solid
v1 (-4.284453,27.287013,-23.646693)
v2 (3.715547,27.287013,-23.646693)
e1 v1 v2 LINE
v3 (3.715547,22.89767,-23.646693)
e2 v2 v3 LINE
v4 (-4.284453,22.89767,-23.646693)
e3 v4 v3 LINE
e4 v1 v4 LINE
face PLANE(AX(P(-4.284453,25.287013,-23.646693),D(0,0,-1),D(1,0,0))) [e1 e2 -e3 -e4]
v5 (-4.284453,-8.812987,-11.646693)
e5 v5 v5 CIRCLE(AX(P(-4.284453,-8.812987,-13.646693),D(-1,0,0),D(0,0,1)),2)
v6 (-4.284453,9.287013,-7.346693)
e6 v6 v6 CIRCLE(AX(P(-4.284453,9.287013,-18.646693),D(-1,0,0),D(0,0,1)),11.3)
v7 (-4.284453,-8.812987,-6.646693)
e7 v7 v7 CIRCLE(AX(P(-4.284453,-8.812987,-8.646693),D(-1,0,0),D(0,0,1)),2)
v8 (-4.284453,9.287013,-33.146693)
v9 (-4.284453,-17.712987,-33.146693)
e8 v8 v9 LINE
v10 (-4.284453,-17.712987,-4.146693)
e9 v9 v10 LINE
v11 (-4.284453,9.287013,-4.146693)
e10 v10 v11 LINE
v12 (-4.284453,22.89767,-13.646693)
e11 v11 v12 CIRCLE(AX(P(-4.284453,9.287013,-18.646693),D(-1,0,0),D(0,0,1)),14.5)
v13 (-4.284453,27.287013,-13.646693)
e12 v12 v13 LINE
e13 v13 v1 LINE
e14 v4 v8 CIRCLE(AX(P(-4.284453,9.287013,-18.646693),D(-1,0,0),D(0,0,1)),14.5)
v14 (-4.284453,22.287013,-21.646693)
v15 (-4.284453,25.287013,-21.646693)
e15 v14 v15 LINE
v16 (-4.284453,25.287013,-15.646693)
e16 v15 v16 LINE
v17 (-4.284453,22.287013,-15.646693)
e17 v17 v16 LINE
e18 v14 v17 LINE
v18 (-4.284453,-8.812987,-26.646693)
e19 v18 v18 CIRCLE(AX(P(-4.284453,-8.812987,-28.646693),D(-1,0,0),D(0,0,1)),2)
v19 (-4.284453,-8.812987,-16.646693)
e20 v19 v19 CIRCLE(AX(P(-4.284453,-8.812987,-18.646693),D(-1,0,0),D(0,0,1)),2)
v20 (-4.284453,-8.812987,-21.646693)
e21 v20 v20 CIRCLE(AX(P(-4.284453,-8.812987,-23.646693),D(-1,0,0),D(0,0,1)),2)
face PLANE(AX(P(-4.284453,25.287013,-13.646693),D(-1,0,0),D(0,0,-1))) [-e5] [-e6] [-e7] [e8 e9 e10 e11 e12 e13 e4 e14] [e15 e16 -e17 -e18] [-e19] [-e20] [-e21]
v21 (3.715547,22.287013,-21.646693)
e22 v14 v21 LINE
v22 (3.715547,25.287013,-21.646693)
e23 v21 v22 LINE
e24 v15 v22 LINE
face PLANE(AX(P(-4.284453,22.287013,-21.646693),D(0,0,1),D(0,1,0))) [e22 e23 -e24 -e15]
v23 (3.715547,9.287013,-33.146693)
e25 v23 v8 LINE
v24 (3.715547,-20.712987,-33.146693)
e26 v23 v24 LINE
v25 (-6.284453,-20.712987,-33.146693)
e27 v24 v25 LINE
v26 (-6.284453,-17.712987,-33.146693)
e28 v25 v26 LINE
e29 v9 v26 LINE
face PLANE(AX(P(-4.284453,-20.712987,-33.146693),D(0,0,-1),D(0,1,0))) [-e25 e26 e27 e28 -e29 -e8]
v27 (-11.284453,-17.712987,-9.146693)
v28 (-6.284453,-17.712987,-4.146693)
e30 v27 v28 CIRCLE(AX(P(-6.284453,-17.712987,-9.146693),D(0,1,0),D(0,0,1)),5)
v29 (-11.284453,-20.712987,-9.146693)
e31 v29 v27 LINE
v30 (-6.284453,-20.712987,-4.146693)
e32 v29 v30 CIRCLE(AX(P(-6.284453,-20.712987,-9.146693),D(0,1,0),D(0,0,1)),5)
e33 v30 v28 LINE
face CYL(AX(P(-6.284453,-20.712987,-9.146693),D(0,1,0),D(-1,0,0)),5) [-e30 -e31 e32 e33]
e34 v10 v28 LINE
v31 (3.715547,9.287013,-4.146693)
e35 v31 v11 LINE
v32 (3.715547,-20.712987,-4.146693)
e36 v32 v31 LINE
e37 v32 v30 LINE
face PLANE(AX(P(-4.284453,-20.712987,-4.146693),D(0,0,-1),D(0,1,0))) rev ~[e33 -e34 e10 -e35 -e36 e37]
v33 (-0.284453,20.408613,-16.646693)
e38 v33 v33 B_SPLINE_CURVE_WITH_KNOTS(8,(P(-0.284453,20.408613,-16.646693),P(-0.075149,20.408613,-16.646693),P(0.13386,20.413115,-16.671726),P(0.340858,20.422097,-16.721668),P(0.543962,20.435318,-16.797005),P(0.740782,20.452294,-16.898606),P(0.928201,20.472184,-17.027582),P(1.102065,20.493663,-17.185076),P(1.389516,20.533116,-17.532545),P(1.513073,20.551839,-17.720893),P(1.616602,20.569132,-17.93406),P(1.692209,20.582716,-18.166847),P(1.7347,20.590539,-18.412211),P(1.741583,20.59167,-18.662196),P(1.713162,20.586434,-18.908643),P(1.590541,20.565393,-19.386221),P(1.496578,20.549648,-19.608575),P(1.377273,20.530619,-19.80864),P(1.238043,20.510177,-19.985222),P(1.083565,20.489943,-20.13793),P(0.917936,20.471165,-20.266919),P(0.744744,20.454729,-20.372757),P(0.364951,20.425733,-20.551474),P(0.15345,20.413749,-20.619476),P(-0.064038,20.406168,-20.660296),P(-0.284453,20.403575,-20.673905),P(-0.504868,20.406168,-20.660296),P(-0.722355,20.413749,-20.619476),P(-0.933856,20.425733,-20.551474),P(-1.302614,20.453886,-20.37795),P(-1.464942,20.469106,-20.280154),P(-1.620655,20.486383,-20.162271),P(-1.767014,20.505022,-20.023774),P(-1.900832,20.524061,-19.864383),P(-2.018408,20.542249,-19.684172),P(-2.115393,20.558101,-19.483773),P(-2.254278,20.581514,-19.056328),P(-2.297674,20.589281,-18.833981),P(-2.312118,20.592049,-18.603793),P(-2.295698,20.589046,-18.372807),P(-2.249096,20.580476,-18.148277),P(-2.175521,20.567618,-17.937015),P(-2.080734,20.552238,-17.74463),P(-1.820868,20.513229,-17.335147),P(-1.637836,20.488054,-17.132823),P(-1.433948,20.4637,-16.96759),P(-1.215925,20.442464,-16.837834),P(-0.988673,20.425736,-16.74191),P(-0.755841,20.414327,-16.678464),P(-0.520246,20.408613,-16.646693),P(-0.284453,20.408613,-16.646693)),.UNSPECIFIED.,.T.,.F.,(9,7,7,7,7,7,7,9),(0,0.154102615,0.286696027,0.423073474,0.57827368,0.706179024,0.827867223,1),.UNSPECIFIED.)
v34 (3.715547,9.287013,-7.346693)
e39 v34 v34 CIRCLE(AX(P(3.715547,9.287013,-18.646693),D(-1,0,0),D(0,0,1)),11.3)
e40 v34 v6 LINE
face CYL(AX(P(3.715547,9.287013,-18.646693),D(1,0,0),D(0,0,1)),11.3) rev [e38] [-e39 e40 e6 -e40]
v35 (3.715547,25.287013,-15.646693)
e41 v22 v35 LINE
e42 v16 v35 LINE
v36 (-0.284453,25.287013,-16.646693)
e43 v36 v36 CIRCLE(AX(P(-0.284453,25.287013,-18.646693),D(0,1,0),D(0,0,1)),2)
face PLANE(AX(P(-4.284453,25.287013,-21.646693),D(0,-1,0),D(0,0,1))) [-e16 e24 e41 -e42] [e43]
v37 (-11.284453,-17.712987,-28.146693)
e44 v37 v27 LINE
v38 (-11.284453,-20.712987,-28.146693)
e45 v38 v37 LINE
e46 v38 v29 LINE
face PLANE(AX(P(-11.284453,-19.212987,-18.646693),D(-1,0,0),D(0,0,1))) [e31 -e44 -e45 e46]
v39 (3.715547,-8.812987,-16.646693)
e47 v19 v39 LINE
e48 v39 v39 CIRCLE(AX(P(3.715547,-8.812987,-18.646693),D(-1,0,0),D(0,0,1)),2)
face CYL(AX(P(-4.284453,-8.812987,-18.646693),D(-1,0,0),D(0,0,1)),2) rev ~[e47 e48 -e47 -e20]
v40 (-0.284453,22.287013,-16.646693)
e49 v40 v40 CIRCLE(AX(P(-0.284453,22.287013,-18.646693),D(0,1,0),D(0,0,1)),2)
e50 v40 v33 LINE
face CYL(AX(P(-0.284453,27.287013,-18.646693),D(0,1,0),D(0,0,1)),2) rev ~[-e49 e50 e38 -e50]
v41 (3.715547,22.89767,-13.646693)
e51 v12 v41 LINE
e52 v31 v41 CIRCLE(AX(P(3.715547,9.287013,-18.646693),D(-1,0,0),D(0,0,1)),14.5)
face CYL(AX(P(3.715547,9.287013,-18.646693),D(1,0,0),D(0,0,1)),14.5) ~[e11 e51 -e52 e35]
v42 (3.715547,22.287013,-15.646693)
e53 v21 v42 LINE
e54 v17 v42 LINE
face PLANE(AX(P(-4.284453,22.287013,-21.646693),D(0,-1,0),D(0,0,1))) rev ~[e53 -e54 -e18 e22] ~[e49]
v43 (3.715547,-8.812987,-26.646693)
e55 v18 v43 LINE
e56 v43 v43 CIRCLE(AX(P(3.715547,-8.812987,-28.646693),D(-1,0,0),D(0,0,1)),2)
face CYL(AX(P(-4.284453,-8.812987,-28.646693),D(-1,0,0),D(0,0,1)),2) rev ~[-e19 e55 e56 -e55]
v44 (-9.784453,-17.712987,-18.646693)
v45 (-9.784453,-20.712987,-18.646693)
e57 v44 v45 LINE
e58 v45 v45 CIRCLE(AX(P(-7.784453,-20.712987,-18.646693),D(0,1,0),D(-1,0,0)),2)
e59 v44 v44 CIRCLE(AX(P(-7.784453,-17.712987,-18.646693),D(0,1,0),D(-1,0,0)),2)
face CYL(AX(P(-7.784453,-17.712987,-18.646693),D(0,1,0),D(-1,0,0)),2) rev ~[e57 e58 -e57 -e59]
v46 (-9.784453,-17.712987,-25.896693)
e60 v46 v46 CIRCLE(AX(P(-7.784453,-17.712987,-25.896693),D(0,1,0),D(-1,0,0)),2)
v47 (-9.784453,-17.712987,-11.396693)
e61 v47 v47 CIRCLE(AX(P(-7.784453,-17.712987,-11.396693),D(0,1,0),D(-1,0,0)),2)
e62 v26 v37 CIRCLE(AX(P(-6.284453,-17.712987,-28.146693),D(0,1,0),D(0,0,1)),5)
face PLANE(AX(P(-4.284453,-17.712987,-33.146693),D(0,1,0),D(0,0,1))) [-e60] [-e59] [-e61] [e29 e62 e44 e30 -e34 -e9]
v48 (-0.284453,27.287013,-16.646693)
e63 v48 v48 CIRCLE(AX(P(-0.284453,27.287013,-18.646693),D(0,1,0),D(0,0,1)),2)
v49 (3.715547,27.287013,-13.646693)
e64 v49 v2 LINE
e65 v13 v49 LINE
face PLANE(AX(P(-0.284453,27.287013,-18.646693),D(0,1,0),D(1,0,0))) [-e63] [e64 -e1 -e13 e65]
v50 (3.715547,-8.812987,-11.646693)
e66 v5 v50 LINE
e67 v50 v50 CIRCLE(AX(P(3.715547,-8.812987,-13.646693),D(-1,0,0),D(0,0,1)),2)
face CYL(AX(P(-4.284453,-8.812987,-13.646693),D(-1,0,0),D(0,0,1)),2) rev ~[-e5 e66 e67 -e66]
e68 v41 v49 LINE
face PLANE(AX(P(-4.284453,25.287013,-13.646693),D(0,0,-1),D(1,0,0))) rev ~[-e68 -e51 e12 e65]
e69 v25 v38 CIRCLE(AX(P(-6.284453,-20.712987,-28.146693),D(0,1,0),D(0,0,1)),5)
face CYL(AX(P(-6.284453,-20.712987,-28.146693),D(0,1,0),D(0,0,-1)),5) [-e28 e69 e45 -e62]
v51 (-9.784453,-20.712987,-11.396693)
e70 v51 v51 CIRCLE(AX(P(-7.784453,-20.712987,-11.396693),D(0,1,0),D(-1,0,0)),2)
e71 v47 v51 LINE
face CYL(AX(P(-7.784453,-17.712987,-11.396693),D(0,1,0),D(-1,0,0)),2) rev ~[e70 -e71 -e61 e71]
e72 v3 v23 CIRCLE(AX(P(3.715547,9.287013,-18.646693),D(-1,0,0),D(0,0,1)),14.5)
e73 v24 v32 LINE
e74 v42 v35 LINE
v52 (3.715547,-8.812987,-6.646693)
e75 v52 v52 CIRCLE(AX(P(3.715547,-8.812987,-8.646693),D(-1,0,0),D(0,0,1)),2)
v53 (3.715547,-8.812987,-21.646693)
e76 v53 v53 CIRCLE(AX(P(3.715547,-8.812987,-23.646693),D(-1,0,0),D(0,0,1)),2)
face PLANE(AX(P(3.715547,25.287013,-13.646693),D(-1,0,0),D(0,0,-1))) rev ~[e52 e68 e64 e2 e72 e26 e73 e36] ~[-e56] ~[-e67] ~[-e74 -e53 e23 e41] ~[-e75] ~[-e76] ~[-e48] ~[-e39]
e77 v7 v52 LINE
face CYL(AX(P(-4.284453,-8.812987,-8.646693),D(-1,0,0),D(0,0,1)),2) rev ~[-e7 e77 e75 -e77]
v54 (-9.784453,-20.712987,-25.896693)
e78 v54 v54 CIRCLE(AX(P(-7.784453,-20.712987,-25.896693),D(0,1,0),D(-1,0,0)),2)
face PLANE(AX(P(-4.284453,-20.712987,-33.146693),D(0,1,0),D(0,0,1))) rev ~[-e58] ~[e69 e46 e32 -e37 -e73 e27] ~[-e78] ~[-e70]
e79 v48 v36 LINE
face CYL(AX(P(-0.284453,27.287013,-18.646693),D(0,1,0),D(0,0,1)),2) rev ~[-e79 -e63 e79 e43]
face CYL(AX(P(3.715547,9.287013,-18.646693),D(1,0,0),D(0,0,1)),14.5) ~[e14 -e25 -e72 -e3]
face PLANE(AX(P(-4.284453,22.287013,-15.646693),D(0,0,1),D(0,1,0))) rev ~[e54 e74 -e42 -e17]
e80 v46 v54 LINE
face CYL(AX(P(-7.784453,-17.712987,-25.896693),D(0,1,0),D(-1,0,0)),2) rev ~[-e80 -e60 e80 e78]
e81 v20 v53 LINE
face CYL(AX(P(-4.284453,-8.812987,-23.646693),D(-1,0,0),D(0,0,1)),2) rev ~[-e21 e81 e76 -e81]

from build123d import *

# Parameters (mm, degrees)
SKETCH15_R           = 11.5
BOSS_EXTRUDE8_DEPTH  = 8
BOSS_EXTRUDE9_START  = -8
SKETCH16_R           = 11.5
SKETCH16_R_2         = 11.3
BOSS_EXTRUDE9_DEPTH  = 8
SKETCH17_W           = 10
SKETCH17_H           = 3
BOSS_EXTRUDE10_DEPTH = 8
SKETCH18_W           = 8
SKETCH18_H           = 10
BOSS_EXTRUDE11_DEPTH = 2
SKETCH19_W           = 6
SKETCH19_H           = 3
CUT_EXTRUDE4_DEPTH   = 8
SKETCH20_R           = 2
CUT_EXTRUDE5_DEPTH   = 9
SKETCH21_W           = 29
SKETCH21_H           = 3
BOSS_EXTRUDE12_DEPTH = 7
SKETCH22_R           = 2
CUT_EXTRUDE6_DEPTH   = 7
FILLET1_R            = 5
SKETCH24_R           = 2
CUT_EXTRUDE10_DEPTH  = 8


with BuildPart() as part:
    # Sketch15 → Boss-Extrude8 (new body)
    with BuildSketch(Plane(origin=(3.715547427, 0, 0), x_dir=(0, 0, -1), z_dir=(1, 0, 0))):
        with BuildLine():
            Line((33.146692928, -20.712987114), (4.146692928, -20.712987114))
            Line((4.146692928, -20.712987114), (4.146692928, 9.287012886))
            ThreePointArc((4.146692928, 9.287012886), (18.646692928, 23.787012886), (33.146692928, 9.287012886))
            Line((33.146692928, 9.287012886), (33.146692928, -20.712987114))
        make_face()
        with Locations((18.646692928, 9.287012886)):
            Circle(SKETCH15_R, mode=Mode.SUBTRACT)
    extrude(amount=-BOSS_EXTRUDE8_DEPTH)

    # Sketch16 → Boss-Extrude9 (add)
    with BuildSketch(Plane.ZY.offset(4.284452573).offset(BOSS_EXTRUDE9_START)):
        with Locations((-18.646692928, 9.287012886)):
            Circle(SKETCH16_R)
        with Locations((-18.646692928, 9.287012886)):
            Circle(SKETCH16_R_2, mode=Mode.SUBTRACT)
    extrude(amount=BOSS_EXTRUDE9_DEPTH)

    # Sketch17 → Boss-Extrude10 (add)
    with BuildSketch(Plane.ZY.offset(4.284452573)):
        with Locations((-18.646692928, 23.787012886)):
            Rectangle(SKETCH17_W, SKETCH17_H)
    extrude(amount=-BOSS_EXTRUDE10_DEPTH)

    # Sketch18 → Boss-Extrude11 (add)
    with BuildSketch(Plane(origin=(0, 25.287012886, 0), x_dir=(1, 0, 0), z_dir=(0, 1, 0))):
        with Locations((-0.284452573, 18.646692928)):
            Rectangle(SKETCH18_W, SKETCH18_H)
    extrude(amount=BOSS_EXTRUDE11_DEPTH)

    # Sketch19 → Cut-Extrude4 (cut)
    with BuildSketch(Plane.ZY.offset(4.284452573)):
        with Locations((-18.646692928, 23.787012886)):
            Rectangle(SKETCH19_W, SKETCH19_H)
    extrude(amount=-CUT_EXTRUDE4_DEPTH, mode=Mode.SUBTRACT)

    # Sketch20 → Cut-Extrude5 (cut)
    with BuildSketch(Plane(origin=(0, 27.287012886, 0), x_dir=(1, 0, 0), z_dir=(0, 1, 0))):
        with Locations(Location((-0.284452573, 18.646692928, 0), (0, 0, 270))):
            Circle(SKETCH20_R)
    extrude(amount=-CUT_EXTRUDE5_DEPTH, mode=Mode.SUBTRACT)

    # Sketch21 → Boss-Extrude12 (add)
    with BuildSketch(Plane.ZY.offset(4.284452573)):
        with Locations((-18.646692928, -19.212987114)):
            Rectangle(SKETCH21_W, SKETCH21_H)
    extrude(amount=BOSS_EXTRUDE12_DEPTH)

    # Sketch22 → Cut-Extrude6 (cut)
    with BuildSketch(Plane(origin=(0, -17.712987114, 0), x_dir=(1, 0, 0), z_dir=(0, 1, 0))):
        with Locations(Location((-7.784452573, 11.396692928, 0), (0, 0, 180))):
            Circle(SKETCH22_R)
        with Locations(Location((-7.784452573, 18.646692928, 0), (0, 0, 180))):
            Circle(SKETCH22_R)
        with Locations(Location((-7.784452573, 25.896692928, 0), (0, 0, 180))):
            Circle(SKETCH22_R)
    extrude(amount=-CUT_EXTRUDE6_DEPTH, mode=Mode.SUBTRACT)

    # Fillet1
    fillet1_edges = [part.edges().sort_by_distance(p)[0] for p in [
        (-11.284452573, -19.212987114, -33.146692928),
        (-11.284452573, -19.212987114, -4.146692928),
    ]]
    fillet(fillet1_edges, radius=FILLET1_R)

    # Sketch24 → Cut-Extrude10 (cut)
    with BuildSketch(Plane.ZY.offset(4.284452573)):
        with Locations((-18.646692928, -8.812987114)):
            Circle(SKETCH24_R)
        with Locations((-13.646692928, -8.812987114)):
            Circle(SKETCH24_R)
        with Locations((-23.646692928, -8.812987114)):
            Circle(SKETCH24_R)
        with Locations((-28.646692928, -8.812987114)):
            Circle(SKETCH24_R)
        with Locations((-8.646692928, -8.812987114)):
            Circle(SKETCH24_R)
    extrude(amount=-CUT_EXTRUDE10_DEPTH, mode=Mode.SUBTRACT)


solid = part.part
